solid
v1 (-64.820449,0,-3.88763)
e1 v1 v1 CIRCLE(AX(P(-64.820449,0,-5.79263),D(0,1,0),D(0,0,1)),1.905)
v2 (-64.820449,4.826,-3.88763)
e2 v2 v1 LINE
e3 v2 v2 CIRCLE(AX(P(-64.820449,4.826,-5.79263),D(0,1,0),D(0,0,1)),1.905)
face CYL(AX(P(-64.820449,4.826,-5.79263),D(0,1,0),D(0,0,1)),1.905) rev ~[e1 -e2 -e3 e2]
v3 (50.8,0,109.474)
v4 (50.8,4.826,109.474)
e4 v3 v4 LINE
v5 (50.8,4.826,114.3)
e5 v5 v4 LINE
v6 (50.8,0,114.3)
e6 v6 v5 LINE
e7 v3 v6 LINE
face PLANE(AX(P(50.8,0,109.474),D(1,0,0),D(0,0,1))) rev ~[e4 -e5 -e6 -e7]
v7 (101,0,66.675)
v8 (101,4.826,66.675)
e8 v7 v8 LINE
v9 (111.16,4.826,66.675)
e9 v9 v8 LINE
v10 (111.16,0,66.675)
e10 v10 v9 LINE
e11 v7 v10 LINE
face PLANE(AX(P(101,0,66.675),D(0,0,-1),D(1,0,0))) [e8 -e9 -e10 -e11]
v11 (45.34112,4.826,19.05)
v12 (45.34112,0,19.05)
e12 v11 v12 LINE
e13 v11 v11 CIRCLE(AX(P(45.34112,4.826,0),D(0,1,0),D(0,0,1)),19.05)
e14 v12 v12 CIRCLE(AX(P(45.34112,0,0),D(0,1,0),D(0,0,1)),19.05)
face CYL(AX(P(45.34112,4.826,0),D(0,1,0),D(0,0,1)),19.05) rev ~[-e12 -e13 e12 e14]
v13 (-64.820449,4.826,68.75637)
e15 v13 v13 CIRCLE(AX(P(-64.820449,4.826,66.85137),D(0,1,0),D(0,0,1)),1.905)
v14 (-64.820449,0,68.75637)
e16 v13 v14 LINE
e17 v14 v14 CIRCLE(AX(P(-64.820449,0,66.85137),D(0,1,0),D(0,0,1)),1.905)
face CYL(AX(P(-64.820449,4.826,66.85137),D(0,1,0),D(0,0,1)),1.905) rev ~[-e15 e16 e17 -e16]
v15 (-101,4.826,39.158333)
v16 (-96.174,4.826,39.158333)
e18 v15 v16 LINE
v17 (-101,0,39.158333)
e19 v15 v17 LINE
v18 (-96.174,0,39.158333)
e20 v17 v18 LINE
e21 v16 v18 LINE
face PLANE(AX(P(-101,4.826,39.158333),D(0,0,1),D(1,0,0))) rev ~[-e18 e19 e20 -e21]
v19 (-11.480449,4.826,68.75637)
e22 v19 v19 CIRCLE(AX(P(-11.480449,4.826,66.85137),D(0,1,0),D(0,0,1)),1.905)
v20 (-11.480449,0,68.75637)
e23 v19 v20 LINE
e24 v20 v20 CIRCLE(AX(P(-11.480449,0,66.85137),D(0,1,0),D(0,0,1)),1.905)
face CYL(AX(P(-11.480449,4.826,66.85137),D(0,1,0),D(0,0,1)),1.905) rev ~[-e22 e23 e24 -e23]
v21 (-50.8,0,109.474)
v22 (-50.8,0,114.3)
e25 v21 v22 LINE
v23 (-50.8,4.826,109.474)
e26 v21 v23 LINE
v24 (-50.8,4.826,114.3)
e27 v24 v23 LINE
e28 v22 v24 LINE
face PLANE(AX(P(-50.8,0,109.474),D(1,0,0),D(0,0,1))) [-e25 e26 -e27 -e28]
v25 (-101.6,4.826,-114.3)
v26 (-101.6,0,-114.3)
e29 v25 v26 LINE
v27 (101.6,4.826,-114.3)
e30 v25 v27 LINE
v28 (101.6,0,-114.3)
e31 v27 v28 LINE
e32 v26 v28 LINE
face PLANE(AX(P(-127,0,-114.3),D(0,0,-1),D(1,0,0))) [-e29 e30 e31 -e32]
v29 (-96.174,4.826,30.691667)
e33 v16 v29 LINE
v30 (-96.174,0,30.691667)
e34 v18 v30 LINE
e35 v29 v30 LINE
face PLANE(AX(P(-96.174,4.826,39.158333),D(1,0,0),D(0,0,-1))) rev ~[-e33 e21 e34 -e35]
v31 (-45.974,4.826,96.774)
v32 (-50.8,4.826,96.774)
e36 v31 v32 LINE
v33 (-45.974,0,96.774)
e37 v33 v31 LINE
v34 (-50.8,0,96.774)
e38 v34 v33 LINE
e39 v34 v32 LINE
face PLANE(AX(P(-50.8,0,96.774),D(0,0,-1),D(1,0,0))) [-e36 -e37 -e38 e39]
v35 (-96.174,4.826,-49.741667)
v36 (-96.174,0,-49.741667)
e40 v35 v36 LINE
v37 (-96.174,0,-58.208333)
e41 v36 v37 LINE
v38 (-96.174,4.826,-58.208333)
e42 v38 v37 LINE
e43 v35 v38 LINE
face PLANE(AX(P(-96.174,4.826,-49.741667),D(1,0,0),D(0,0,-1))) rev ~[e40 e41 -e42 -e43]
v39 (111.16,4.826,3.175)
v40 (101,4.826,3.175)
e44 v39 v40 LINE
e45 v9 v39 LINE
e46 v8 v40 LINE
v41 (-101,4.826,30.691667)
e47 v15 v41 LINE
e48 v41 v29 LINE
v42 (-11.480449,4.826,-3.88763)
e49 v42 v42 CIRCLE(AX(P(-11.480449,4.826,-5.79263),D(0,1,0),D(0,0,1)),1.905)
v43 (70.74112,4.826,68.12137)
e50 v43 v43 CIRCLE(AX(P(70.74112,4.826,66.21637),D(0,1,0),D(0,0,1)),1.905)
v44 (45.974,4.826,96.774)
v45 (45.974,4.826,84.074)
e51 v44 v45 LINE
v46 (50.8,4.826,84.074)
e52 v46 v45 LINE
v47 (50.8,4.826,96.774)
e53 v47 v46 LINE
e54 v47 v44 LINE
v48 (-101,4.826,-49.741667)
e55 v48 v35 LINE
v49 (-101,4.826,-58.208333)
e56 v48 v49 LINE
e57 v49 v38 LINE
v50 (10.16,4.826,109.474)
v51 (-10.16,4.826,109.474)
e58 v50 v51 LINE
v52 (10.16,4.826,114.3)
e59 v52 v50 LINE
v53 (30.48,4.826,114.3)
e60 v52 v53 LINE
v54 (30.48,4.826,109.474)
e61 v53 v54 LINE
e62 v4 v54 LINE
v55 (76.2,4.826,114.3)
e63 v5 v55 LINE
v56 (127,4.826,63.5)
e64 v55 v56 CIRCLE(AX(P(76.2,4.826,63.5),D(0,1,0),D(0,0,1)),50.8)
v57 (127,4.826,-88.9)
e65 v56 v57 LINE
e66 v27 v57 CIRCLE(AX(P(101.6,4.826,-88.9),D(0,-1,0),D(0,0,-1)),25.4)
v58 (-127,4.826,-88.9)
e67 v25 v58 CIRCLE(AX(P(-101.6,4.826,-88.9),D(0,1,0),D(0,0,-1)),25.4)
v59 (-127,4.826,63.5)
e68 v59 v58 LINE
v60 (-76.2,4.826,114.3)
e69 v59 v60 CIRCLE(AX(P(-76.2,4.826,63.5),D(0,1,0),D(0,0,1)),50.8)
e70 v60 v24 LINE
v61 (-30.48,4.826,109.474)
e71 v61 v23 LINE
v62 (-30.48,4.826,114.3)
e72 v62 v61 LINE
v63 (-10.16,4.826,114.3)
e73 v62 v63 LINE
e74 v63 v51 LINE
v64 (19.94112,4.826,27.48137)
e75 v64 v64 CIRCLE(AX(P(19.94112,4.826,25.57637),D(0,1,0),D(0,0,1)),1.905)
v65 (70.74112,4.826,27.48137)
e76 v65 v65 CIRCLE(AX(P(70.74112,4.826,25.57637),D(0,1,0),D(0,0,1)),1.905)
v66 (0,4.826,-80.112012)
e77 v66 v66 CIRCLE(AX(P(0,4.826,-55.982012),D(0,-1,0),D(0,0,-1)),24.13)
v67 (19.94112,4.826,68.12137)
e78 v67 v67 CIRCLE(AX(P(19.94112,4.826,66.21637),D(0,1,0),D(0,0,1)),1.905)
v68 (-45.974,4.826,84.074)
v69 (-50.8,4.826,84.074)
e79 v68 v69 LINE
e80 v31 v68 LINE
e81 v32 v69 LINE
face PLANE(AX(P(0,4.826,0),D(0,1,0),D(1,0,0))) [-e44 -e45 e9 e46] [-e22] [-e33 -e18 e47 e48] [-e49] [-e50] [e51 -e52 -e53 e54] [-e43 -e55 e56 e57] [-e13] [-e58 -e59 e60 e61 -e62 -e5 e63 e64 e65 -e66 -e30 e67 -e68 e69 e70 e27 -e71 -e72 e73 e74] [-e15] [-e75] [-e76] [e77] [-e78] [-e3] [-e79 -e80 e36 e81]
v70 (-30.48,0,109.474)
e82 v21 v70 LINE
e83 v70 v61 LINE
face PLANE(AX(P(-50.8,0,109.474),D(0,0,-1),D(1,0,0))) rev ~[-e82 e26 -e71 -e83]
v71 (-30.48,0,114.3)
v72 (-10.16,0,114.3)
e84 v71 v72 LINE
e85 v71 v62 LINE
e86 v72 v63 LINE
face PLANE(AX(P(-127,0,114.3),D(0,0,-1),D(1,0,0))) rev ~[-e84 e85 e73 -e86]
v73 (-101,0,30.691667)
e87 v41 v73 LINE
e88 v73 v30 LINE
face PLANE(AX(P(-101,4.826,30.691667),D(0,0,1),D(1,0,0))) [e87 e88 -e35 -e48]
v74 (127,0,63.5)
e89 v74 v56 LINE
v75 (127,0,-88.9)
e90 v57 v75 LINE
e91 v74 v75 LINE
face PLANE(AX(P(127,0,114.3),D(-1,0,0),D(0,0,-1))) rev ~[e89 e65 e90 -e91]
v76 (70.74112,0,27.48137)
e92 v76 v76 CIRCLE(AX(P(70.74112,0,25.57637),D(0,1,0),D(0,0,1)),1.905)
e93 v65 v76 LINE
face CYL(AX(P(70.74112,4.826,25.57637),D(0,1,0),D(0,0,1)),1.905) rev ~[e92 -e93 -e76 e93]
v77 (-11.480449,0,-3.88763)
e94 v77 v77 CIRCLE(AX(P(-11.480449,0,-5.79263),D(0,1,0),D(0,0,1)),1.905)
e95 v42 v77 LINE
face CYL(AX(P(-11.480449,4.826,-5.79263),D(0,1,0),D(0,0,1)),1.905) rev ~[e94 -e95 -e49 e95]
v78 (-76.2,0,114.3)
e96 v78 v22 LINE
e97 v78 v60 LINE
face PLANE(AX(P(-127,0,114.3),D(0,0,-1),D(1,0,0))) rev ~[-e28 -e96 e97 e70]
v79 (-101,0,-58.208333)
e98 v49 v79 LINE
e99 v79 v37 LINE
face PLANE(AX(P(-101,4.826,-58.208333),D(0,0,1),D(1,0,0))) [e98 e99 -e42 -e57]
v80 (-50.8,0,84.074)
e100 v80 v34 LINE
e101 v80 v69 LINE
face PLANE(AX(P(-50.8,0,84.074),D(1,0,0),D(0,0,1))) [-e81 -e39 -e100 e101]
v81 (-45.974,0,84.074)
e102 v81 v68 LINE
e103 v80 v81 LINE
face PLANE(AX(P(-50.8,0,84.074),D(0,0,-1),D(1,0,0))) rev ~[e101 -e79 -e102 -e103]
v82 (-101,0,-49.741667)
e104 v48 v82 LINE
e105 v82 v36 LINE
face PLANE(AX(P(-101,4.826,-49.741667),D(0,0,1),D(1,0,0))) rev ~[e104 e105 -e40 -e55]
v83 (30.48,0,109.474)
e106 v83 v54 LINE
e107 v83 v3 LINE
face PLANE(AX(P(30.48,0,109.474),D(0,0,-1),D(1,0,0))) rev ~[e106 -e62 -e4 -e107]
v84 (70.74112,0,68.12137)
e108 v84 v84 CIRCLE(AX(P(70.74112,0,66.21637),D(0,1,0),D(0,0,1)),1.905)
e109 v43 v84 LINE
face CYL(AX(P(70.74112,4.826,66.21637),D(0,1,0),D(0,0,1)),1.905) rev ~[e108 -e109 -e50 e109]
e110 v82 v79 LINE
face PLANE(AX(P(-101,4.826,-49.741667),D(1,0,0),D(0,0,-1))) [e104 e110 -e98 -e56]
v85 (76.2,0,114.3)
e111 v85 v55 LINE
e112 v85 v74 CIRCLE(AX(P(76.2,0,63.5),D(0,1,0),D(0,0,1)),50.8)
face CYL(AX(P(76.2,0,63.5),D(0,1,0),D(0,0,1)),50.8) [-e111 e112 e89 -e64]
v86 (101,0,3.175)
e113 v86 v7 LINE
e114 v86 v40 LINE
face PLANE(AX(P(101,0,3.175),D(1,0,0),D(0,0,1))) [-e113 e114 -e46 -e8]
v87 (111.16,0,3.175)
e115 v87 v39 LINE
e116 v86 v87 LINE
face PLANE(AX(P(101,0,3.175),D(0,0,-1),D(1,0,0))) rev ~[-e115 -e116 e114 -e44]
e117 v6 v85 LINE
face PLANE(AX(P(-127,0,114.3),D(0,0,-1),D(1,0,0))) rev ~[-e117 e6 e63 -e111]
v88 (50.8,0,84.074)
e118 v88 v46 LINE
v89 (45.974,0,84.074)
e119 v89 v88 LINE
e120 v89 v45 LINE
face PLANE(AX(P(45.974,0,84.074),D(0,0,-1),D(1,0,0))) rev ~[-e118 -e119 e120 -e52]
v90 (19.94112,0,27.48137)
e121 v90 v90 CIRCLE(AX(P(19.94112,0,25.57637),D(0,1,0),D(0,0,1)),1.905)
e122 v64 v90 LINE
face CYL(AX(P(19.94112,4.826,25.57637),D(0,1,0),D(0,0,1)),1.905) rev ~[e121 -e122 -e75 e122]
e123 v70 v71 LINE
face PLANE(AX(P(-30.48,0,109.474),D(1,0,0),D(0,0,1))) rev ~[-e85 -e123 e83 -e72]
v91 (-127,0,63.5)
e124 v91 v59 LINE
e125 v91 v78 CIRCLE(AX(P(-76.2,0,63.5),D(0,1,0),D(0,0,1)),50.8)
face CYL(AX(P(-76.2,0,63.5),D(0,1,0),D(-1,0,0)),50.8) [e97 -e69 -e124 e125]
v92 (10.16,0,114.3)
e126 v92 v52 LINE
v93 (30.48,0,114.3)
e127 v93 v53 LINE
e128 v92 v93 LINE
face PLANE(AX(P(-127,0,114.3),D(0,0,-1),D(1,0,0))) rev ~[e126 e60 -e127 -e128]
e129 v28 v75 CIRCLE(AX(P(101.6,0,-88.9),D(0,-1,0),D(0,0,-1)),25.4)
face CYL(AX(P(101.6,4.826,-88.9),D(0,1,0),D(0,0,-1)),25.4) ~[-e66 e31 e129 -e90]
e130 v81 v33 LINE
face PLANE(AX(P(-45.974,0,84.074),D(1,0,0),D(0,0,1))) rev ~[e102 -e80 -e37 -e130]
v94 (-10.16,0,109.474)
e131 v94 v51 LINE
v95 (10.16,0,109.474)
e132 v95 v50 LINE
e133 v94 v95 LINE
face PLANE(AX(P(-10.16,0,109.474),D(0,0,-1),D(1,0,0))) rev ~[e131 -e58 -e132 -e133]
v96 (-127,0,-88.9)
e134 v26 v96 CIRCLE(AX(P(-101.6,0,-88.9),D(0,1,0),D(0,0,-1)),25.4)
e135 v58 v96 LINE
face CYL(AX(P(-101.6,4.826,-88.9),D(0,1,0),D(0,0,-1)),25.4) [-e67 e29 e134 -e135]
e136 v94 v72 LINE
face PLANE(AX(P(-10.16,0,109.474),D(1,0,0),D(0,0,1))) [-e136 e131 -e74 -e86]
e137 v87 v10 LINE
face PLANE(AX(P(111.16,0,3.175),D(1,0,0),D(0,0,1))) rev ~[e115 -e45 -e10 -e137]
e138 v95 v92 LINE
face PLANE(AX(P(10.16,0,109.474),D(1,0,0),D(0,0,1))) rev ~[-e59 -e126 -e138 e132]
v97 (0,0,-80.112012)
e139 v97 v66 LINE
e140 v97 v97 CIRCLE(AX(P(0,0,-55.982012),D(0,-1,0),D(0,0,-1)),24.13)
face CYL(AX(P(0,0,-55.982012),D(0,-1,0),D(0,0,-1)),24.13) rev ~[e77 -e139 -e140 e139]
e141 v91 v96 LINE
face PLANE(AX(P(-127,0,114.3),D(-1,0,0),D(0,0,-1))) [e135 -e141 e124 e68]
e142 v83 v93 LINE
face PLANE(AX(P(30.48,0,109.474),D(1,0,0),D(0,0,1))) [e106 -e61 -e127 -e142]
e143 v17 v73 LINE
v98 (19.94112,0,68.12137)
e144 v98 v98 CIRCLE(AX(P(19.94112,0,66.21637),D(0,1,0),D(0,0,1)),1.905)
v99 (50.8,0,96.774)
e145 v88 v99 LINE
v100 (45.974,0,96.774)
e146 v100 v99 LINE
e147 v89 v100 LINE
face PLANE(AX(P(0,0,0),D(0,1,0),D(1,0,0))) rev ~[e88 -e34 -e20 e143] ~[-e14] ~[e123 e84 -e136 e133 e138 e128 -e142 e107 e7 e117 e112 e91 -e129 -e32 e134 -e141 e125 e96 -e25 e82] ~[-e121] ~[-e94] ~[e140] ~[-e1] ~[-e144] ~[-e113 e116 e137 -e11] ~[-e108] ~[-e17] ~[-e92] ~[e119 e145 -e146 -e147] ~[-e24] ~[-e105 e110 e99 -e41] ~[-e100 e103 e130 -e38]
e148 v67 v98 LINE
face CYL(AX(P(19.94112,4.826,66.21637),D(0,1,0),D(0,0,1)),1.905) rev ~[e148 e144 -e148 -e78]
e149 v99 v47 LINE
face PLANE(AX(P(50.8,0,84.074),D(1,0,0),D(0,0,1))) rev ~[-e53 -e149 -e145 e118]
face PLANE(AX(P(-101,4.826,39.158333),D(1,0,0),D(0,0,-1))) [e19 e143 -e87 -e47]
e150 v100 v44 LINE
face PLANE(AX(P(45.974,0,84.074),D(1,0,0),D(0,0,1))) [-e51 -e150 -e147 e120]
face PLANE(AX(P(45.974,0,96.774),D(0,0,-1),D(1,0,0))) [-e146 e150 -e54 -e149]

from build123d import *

# Parameters (mm, degrees)
SKETCH1_W           = 254
SKETCH1_H           = 228.6
BOSS_EXTRUDE1_DEPTH = 4.826
CUT_EXTRUDE3_DEPTH  = 4.826
SKETCH19_W          = 4.826
SKETCH19_H          = 8.466666666
CUT_EXTRUDE16_DEPTH = 171.929167423
FILLET11_R          = 50.8
SKETCH20_W          = 10.16
SKETCH20_H          = 63.5
CUT_EXTRUDE17_DEPTH = 171.929167423
SKETCH23_R          = 1.905
CUT_EXTRUDE18_DEPTH = 171.929167423
SKETCH24_W          = 20.32
SKETCH24_H          = 4.826
CUT_EXTRUDE19_DEPTH = 171.929167423
SKETCH26_R          = 24.13
CUT_EXTRUDE20_DEPTH = 171.929167423
SKETCH27_W          = 4.826
SKETCH27_H          = 12.7
CUT_EXTRUDE21_DEPTH = 171.929167423
SKETCH28_R          = 19.05
CUT_EXTRUDE22_DEPTH = 171.929167423


with BuildPart() as part:
    # Sketch1 → Boss-Extrude1 (new body)
    with BuildSketch(Plane(origin=(0, 0, 0), x_dir=(1, 0, 0), z_dir=(0, 1, 0))):
        Rectangle(SKETCH1_W, SKETCH1_H)
    extrude(amount=BOSS_EXTRUDE1_DEPTH)

    # Sketch4 → Cut-Extrude3 (cut)
    with BuildSketch(Plane(origin=(0, 4.826, 0), x_dir=(1, 0, 0), z_dir=(0, 1, 0))):
        with BuildLine():
            Line((-127, 88.9), (-127, 114.3))
            Line((-127, 114.3), (-101.6, 114.3))
            ThreePointArc((-101.6, 114.3), (-119.560512242, 106.860512242), (-127, 88.9))
        make_face()
        with BuildLine():
            Line((127, 88.9), (127, 114.3))
            Line((127, 114.3), (101.6, 114.3))
            ThreePointArc((101.6, 114.3), (119.560512242, 106.860512242), (127, 88.9))
        make_face()
    extrude(amount=-CUT_EXTRUDE3_DEPTH, mode=Mode.SUBTRACT)

    # Sketch19 → Cut-Extrude16 (cut, through all)
    with BuildSketch(Plane(origin=(0, 4.826, 0), x_dir=(1, 0, 0), z_dir=(0, 1, 0))):
        with Locations((-98.58699993, -34.925)):
            Rectangle(SKETCH19_W, SKETCH19_H)
        with Locations((-98.58699993, 53.975)):
            Rectangle(SKETCH19_W, SKETCH19_H)
    extrude(amount=-CUT_EXTRUDE16_DEPTH, mode=Mode.SUBTRACT)

    # Fillet11
    fillet11_edges = [part.edges().sort_by_distance(p)[0] for p in [
        (127, 2.413, 114.3),
        (-127, 2.413, 114.3),
    ]]
    fillet(fillet11_edges, radius=FILLET11_R)

    # Sketch20 → Cut-Extrude17 (cut, through all)
    with BuildSketch(Plane.XZ):
        with Locations((106.07999993, 34.925)):
            Rectangle(SKETCH20_W, SKETCH20_H)
    extrude(amount=-CUT_EXTRUDE17_DEPTH, mode=Mode.SUBTRACT)

    # Sketch23 → Cut-Extrude18 (cut, through all)
    with BuildSketch(Plane(origin=(0, 4.826, 0), x_dir=(1, 0, 0), z_dir=(0, 1, 0))):
        with Locations(Location((70.741119647, -25.576370111, 0), (0, 0, 270))):
            Circle(SKETCH23_R)
        with Locations(Location((70.741119647, -66.216370111, 0), (0, 0, 270))):
            Circle(SKETCH23_R)
        with Locations(Location((19.941119647, -25.576370111, 0), (0, 0, 270))):
            Circle(SKETCH23_R)
        with Locations(Location((19.941119647, -66.216370111, 0), (0, 0, 270))):
            Circle(SKETCH23_R)
        with Locations(Location((-11.48044922, 5.792629889, 0), (0, 0, 270))):
            Circle(SKETCH23_R)
        with Locations(Location((-64.82044922, 5.792629889, 0), (0, 0, 270))):
            Circle(SKETCH23_R)
        with Locations(Location((-64.82044922, -66.851370111, 0), (0, 0, 270))):
            Circle(SKETCH23_R)
        with Locations(Location((-11.48044922, -66.851370111, 0), (0, 0, 270))):
            Circle(SKETCH23_R)
    extrude(amount=-CUT_EXTRUDE18_DEPTH, mode=Mode.SUBTRACT)

    # Sketch24 → Cut-Extrude19 (cut, through all)
    with BuildSketch(Plane.XZ):
        with Locations((40.64, 111.887)):
            Rectangle(SKETCH24_W, SKETCH24_H)
        with Locations((-40.64, 111.887)):
            Rectangle(SKETCH24_W, SKETCH24_H)
        with Locations((0, 111.887)):
            Rectangle(SKETCH24_W, SKETCH24_H)
    extrude(amount=-CUT_EXTRUDE19_DEPTH, mode=Mode.SUBTRACT)

    # Sketch26 → Cut-Extrude20 (cut, through all)
    with BuildSketch(Plane.XZ):
        with Locations(Location((0, -55.982011538, 0), (0, 0, 270))):
            Circle(SKETCH26_R)
    extrude(amount=-CUT_EXTRUDE20_DEPTH, mode=Mode.SUBTRACT)

    # Sketch27 → Cut-Extrude21 (cut, through all)
    with BuildSketch(Plane.XZ):
        with Locations((-48.387, 90.424)):
            Rectangle(SKETCH27_W, SKETCH27_H)
        with Locations((48.387, 90.424)):
            Rectangle(SKETCH27_W, SKETCH27_H)
    extrude(amount=-CUT_EXTRUDE21_DEPTH, mode=Mode.SUBTRACT)

    # Sketch28 → Cut-Extrude22 (cut, through all)
    with BuildSketch(Plane(origin=(0, 4.826, 0), x_dir=(1, 0, 0), z_dir=(0, 1, 0))):
        with Locations(Location((45.341119647, 0, 0), (0, 0, 270))):
            Circle(SKETCH28_R)
    extrude(amount=-CUT_EXTRUDE22_DEPTH, mode=Mode.SUBTRACT)


solid = part.part
